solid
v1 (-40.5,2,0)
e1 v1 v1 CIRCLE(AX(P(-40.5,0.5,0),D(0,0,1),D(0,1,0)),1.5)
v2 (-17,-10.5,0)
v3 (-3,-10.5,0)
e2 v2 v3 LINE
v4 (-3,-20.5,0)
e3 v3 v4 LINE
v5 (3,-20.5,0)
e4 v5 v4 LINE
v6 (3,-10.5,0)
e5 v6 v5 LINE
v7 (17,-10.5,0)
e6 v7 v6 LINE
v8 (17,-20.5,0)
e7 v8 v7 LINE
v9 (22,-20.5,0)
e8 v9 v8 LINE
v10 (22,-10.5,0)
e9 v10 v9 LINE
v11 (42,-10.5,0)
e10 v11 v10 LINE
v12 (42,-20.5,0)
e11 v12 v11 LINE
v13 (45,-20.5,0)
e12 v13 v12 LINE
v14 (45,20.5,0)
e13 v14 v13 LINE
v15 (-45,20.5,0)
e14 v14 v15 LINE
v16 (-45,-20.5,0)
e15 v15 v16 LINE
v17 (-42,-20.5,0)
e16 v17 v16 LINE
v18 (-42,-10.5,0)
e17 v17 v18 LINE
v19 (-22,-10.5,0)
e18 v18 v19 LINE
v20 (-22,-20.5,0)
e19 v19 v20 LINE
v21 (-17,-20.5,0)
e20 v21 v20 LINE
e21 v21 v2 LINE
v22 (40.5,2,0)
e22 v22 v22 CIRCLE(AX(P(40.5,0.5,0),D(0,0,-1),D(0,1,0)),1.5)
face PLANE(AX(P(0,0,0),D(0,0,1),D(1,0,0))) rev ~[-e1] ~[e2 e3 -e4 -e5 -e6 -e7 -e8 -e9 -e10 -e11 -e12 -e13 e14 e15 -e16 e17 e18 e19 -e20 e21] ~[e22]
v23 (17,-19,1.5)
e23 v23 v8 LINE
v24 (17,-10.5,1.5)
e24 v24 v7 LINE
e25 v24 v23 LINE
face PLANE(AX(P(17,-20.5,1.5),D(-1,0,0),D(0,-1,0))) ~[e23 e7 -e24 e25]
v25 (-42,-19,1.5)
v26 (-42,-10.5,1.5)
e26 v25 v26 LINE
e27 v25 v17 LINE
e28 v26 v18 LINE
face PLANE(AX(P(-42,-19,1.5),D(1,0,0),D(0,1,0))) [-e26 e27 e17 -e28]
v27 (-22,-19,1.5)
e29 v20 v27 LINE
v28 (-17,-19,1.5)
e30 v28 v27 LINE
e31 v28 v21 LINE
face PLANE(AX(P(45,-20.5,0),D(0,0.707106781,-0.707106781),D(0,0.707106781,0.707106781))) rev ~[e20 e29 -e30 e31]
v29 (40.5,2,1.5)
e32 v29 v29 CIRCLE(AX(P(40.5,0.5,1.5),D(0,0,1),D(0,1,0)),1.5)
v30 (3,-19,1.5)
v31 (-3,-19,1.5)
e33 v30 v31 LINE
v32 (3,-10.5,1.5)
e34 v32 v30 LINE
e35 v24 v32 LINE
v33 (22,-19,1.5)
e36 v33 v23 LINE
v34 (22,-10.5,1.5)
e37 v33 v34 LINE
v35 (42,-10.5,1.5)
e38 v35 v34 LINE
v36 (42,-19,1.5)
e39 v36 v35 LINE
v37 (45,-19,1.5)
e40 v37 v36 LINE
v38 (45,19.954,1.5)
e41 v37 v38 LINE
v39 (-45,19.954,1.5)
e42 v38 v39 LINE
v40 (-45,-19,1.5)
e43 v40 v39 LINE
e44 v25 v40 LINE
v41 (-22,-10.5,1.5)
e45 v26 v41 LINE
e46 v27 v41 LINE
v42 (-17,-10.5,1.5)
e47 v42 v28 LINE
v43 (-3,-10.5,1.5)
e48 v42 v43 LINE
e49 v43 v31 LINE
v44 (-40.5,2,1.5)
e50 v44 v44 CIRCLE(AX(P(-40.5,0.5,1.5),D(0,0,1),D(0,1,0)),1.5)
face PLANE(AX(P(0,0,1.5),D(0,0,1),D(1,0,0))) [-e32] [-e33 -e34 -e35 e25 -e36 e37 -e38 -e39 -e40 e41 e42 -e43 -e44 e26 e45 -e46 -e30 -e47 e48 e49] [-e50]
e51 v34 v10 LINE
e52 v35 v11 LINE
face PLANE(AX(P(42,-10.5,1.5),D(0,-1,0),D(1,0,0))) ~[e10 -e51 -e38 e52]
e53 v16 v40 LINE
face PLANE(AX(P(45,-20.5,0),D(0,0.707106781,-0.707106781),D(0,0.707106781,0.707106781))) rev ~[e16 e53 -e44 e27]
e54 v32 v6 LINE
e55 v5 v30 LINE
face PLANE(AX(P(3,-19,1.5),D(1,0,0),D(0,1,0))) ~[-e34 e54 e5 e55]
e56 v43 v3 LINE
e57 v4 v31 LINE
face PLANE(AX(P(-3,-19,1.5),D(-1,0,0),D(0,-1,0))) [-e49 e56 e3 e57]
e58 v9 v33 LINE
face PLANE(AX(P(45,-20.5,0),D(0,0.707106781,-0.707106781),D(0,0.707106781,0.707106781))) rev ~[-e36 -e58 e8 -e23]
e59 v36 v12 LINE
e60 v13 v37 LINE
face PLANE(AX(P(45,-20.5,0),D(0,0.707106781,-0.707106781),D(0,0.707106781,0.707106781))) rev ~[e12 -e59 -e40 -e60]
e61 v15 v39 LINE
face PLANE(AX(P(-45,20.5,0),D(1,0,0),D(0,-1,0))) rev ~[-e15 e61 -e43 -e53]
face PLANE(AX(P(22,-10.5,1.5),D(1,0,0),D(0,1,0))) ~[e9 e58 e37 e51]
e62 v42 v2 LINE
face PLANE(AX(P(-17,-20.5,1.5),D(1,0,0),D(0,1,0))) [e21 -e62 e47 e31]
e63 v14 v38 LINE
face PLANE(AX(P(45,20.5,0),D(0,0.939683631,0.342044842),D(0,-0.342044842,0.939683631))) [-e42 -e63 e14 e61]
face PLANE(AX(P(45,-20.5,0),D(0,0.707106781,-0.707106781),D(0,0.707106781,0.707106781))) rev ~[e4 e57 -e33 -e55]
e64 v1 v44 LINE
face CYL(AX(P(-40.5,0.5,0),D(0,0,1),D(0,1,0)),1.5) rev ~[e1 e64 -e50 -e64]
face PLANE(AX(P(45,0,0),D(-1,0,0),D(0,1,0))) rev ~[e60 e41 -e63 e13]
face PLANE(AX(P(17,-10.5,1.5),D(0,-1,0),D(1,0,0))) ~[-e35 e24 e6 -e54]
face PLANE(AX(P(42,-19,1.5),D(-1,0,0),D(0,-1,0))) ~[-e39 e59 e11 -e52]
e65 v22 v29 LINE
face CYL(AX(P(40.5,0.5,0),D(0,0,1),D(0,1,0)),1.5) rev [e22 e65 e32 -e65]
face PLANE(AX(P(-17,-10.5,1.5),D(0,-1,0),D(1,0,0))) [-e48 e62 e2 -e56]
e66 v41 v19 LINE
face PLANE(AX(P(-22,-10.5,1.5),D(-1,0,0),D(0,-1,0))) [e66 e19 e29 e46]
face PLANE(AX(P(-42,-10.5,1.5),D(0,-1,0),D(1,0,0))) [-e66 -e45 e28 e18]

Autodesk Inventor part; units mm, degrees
ref_plane "YZ Plane" through (0, 0, 0) normal (1, 0, 0) x (0, 1, 0)
ref_plane "XZ Plane" through (0, 0, 0) normal (0, 1, 0) x (-1, 0, 0)
ref_plane "XY Plane" through (0, 0, 0) normal (0, 0, 1) x (1, 0, 0)
sketch "Szkic1" plane through (0, 0, 0) normal (0, 0, 1) x (1, 0, 0)
  line L0 (-63, 0) -> (63, 0) projected
  line L1 (0, -28.7) -> (0, 28.7) projected
  line L2 (-45, -20.5) -> (45, -20.5)
  line L3 (45, -20.5) -> (45, 20.5)
  line L4 (45, 20.5) -> (-45, 20.5)
  line L5 (-45, 20.5) -> (-45, -20.5)
  line L6 (-45, -20.5) -> (45, 20.5) construction
  line L7 (45, -20.5) -> (-45, 20.5) construction
  point P0 (0, 0)
  dimension "d0" = 90
  dimension "d1" = 41
extrude "Wyciągnięcie proste1" add sketch "Szkic1" along normal blind 1.5
sketch "Szkic2" plane through (45, -20.5, 0) normal (1, 0, 0) x (0, 0, -1)
  line L0 (0, 0) -> (0, 41) projected
  line L1 (0, 41) -> (-1.5, 41) projected
  line L2 (-1.5, 0) -> (-1.5, 41) projected
  line L3 (0, 0) -> (-1.5, 0) projected
  line L4 (0, 0) -> (-1.5, 0) projected
  line L5 (0, 0) -> (-1.5, 1.5)
  line L6 (-1.5, 0) -> (-1.5, 41) projected
  line L7 (0, 41) -> (-1.5, 41) projected
  line L8 (0, 41) -> (-1.5, 40.454)
  point P0 (0, 20.5)
  dimension "d4" = 45
  dimension "d5" = 70
extrude "Wyciągnięcie proste2" cut sketch "Szkic2" against normal blind 90 contours L3 L2 L5 | L8 L2 L1
sketch "Szkic3" plane through (0, 0, 0) normal (0, 0, -1) x (-1, 0, 0)
  line L0 (45, 20.5) -> (45, -20.5) projected
  line L1 (-45, 20.5) -> (45, 20.5) projected
  point P0 (0, 0)
  point P1 (40.5, 0.5)
  dimension "d8" = 4.5
  dimension "d9" = 20
hole "Otwór1" at (-40.5, 0.5, 0) direction (0, 0, 1) diameter 3 depth 4
sketch "Szkic4" plane through (0, 0, 1.5) normal (0, 0, 1) x (1, 0, 0)
  circle A0 centre (-40.5, 0.5) radius 1.5 projected
  line L0 (-45, -19) -> (45, -19) projected
  line L1 (45, -19) -> (45, 19.954) projected
  line L2 (45, 19.954) -> (-45, 19.954) projected
  line L3 (-45, 19.954) -> (-45, -19) projected
  line L4 (0, -28.7) -> (0, 28.7) projected
  line L5 (-63, 0) -> (63, 0) projected
  line L6 (-45, -20.5) -> (45, -20.5) projected
  line L7 (-45, -20.5) -> (-45, -19) projected
  line L8 (45, -19) -> (45, -20.5) projected
  line L9 (-3, -20.5) -> (-17, -20.5)
  line L10 (-17, -20.5) -> (-17, -10.5)
  line L11 (-17, -10.5) -> (-3, -10.5)
  line L12 (-3, -10.5) -> (-3, -20.5)
  line L13 (-22, -20.5) -> (-42, -20.5)
  line L14 (-42, -20.5) -> (-42, -10.5)
  line L15 (-42, -10.5) -> (-22, -10.5)
  line L16 (-22, -10.5) -> (-22, -20.5)
  point P0 (0, 0)
  point P1 (-42, -20.5)
  dimension "d17" = 14
  dimension "d18" = 20
  dimension "d19" = 10
  dimension "d20" = 10
  dimension "d21" = 5
  dimension "d22" = 3
extrude "Wyciągnięcie proste3" cut sketch "Szkic4" against normal blind 5 contours L14 L15 L16 L0 | L0 L16 L6 L14 | L12 L6 L10 L0 | L0 L10 L11 L12
mirror "Odbij2" about plane through (0, 0, 0) normal (1, 0, 0) of "Wyciągnięcie proste3", "Otwór1"
properties part number "pług_część2" material "Stal"
